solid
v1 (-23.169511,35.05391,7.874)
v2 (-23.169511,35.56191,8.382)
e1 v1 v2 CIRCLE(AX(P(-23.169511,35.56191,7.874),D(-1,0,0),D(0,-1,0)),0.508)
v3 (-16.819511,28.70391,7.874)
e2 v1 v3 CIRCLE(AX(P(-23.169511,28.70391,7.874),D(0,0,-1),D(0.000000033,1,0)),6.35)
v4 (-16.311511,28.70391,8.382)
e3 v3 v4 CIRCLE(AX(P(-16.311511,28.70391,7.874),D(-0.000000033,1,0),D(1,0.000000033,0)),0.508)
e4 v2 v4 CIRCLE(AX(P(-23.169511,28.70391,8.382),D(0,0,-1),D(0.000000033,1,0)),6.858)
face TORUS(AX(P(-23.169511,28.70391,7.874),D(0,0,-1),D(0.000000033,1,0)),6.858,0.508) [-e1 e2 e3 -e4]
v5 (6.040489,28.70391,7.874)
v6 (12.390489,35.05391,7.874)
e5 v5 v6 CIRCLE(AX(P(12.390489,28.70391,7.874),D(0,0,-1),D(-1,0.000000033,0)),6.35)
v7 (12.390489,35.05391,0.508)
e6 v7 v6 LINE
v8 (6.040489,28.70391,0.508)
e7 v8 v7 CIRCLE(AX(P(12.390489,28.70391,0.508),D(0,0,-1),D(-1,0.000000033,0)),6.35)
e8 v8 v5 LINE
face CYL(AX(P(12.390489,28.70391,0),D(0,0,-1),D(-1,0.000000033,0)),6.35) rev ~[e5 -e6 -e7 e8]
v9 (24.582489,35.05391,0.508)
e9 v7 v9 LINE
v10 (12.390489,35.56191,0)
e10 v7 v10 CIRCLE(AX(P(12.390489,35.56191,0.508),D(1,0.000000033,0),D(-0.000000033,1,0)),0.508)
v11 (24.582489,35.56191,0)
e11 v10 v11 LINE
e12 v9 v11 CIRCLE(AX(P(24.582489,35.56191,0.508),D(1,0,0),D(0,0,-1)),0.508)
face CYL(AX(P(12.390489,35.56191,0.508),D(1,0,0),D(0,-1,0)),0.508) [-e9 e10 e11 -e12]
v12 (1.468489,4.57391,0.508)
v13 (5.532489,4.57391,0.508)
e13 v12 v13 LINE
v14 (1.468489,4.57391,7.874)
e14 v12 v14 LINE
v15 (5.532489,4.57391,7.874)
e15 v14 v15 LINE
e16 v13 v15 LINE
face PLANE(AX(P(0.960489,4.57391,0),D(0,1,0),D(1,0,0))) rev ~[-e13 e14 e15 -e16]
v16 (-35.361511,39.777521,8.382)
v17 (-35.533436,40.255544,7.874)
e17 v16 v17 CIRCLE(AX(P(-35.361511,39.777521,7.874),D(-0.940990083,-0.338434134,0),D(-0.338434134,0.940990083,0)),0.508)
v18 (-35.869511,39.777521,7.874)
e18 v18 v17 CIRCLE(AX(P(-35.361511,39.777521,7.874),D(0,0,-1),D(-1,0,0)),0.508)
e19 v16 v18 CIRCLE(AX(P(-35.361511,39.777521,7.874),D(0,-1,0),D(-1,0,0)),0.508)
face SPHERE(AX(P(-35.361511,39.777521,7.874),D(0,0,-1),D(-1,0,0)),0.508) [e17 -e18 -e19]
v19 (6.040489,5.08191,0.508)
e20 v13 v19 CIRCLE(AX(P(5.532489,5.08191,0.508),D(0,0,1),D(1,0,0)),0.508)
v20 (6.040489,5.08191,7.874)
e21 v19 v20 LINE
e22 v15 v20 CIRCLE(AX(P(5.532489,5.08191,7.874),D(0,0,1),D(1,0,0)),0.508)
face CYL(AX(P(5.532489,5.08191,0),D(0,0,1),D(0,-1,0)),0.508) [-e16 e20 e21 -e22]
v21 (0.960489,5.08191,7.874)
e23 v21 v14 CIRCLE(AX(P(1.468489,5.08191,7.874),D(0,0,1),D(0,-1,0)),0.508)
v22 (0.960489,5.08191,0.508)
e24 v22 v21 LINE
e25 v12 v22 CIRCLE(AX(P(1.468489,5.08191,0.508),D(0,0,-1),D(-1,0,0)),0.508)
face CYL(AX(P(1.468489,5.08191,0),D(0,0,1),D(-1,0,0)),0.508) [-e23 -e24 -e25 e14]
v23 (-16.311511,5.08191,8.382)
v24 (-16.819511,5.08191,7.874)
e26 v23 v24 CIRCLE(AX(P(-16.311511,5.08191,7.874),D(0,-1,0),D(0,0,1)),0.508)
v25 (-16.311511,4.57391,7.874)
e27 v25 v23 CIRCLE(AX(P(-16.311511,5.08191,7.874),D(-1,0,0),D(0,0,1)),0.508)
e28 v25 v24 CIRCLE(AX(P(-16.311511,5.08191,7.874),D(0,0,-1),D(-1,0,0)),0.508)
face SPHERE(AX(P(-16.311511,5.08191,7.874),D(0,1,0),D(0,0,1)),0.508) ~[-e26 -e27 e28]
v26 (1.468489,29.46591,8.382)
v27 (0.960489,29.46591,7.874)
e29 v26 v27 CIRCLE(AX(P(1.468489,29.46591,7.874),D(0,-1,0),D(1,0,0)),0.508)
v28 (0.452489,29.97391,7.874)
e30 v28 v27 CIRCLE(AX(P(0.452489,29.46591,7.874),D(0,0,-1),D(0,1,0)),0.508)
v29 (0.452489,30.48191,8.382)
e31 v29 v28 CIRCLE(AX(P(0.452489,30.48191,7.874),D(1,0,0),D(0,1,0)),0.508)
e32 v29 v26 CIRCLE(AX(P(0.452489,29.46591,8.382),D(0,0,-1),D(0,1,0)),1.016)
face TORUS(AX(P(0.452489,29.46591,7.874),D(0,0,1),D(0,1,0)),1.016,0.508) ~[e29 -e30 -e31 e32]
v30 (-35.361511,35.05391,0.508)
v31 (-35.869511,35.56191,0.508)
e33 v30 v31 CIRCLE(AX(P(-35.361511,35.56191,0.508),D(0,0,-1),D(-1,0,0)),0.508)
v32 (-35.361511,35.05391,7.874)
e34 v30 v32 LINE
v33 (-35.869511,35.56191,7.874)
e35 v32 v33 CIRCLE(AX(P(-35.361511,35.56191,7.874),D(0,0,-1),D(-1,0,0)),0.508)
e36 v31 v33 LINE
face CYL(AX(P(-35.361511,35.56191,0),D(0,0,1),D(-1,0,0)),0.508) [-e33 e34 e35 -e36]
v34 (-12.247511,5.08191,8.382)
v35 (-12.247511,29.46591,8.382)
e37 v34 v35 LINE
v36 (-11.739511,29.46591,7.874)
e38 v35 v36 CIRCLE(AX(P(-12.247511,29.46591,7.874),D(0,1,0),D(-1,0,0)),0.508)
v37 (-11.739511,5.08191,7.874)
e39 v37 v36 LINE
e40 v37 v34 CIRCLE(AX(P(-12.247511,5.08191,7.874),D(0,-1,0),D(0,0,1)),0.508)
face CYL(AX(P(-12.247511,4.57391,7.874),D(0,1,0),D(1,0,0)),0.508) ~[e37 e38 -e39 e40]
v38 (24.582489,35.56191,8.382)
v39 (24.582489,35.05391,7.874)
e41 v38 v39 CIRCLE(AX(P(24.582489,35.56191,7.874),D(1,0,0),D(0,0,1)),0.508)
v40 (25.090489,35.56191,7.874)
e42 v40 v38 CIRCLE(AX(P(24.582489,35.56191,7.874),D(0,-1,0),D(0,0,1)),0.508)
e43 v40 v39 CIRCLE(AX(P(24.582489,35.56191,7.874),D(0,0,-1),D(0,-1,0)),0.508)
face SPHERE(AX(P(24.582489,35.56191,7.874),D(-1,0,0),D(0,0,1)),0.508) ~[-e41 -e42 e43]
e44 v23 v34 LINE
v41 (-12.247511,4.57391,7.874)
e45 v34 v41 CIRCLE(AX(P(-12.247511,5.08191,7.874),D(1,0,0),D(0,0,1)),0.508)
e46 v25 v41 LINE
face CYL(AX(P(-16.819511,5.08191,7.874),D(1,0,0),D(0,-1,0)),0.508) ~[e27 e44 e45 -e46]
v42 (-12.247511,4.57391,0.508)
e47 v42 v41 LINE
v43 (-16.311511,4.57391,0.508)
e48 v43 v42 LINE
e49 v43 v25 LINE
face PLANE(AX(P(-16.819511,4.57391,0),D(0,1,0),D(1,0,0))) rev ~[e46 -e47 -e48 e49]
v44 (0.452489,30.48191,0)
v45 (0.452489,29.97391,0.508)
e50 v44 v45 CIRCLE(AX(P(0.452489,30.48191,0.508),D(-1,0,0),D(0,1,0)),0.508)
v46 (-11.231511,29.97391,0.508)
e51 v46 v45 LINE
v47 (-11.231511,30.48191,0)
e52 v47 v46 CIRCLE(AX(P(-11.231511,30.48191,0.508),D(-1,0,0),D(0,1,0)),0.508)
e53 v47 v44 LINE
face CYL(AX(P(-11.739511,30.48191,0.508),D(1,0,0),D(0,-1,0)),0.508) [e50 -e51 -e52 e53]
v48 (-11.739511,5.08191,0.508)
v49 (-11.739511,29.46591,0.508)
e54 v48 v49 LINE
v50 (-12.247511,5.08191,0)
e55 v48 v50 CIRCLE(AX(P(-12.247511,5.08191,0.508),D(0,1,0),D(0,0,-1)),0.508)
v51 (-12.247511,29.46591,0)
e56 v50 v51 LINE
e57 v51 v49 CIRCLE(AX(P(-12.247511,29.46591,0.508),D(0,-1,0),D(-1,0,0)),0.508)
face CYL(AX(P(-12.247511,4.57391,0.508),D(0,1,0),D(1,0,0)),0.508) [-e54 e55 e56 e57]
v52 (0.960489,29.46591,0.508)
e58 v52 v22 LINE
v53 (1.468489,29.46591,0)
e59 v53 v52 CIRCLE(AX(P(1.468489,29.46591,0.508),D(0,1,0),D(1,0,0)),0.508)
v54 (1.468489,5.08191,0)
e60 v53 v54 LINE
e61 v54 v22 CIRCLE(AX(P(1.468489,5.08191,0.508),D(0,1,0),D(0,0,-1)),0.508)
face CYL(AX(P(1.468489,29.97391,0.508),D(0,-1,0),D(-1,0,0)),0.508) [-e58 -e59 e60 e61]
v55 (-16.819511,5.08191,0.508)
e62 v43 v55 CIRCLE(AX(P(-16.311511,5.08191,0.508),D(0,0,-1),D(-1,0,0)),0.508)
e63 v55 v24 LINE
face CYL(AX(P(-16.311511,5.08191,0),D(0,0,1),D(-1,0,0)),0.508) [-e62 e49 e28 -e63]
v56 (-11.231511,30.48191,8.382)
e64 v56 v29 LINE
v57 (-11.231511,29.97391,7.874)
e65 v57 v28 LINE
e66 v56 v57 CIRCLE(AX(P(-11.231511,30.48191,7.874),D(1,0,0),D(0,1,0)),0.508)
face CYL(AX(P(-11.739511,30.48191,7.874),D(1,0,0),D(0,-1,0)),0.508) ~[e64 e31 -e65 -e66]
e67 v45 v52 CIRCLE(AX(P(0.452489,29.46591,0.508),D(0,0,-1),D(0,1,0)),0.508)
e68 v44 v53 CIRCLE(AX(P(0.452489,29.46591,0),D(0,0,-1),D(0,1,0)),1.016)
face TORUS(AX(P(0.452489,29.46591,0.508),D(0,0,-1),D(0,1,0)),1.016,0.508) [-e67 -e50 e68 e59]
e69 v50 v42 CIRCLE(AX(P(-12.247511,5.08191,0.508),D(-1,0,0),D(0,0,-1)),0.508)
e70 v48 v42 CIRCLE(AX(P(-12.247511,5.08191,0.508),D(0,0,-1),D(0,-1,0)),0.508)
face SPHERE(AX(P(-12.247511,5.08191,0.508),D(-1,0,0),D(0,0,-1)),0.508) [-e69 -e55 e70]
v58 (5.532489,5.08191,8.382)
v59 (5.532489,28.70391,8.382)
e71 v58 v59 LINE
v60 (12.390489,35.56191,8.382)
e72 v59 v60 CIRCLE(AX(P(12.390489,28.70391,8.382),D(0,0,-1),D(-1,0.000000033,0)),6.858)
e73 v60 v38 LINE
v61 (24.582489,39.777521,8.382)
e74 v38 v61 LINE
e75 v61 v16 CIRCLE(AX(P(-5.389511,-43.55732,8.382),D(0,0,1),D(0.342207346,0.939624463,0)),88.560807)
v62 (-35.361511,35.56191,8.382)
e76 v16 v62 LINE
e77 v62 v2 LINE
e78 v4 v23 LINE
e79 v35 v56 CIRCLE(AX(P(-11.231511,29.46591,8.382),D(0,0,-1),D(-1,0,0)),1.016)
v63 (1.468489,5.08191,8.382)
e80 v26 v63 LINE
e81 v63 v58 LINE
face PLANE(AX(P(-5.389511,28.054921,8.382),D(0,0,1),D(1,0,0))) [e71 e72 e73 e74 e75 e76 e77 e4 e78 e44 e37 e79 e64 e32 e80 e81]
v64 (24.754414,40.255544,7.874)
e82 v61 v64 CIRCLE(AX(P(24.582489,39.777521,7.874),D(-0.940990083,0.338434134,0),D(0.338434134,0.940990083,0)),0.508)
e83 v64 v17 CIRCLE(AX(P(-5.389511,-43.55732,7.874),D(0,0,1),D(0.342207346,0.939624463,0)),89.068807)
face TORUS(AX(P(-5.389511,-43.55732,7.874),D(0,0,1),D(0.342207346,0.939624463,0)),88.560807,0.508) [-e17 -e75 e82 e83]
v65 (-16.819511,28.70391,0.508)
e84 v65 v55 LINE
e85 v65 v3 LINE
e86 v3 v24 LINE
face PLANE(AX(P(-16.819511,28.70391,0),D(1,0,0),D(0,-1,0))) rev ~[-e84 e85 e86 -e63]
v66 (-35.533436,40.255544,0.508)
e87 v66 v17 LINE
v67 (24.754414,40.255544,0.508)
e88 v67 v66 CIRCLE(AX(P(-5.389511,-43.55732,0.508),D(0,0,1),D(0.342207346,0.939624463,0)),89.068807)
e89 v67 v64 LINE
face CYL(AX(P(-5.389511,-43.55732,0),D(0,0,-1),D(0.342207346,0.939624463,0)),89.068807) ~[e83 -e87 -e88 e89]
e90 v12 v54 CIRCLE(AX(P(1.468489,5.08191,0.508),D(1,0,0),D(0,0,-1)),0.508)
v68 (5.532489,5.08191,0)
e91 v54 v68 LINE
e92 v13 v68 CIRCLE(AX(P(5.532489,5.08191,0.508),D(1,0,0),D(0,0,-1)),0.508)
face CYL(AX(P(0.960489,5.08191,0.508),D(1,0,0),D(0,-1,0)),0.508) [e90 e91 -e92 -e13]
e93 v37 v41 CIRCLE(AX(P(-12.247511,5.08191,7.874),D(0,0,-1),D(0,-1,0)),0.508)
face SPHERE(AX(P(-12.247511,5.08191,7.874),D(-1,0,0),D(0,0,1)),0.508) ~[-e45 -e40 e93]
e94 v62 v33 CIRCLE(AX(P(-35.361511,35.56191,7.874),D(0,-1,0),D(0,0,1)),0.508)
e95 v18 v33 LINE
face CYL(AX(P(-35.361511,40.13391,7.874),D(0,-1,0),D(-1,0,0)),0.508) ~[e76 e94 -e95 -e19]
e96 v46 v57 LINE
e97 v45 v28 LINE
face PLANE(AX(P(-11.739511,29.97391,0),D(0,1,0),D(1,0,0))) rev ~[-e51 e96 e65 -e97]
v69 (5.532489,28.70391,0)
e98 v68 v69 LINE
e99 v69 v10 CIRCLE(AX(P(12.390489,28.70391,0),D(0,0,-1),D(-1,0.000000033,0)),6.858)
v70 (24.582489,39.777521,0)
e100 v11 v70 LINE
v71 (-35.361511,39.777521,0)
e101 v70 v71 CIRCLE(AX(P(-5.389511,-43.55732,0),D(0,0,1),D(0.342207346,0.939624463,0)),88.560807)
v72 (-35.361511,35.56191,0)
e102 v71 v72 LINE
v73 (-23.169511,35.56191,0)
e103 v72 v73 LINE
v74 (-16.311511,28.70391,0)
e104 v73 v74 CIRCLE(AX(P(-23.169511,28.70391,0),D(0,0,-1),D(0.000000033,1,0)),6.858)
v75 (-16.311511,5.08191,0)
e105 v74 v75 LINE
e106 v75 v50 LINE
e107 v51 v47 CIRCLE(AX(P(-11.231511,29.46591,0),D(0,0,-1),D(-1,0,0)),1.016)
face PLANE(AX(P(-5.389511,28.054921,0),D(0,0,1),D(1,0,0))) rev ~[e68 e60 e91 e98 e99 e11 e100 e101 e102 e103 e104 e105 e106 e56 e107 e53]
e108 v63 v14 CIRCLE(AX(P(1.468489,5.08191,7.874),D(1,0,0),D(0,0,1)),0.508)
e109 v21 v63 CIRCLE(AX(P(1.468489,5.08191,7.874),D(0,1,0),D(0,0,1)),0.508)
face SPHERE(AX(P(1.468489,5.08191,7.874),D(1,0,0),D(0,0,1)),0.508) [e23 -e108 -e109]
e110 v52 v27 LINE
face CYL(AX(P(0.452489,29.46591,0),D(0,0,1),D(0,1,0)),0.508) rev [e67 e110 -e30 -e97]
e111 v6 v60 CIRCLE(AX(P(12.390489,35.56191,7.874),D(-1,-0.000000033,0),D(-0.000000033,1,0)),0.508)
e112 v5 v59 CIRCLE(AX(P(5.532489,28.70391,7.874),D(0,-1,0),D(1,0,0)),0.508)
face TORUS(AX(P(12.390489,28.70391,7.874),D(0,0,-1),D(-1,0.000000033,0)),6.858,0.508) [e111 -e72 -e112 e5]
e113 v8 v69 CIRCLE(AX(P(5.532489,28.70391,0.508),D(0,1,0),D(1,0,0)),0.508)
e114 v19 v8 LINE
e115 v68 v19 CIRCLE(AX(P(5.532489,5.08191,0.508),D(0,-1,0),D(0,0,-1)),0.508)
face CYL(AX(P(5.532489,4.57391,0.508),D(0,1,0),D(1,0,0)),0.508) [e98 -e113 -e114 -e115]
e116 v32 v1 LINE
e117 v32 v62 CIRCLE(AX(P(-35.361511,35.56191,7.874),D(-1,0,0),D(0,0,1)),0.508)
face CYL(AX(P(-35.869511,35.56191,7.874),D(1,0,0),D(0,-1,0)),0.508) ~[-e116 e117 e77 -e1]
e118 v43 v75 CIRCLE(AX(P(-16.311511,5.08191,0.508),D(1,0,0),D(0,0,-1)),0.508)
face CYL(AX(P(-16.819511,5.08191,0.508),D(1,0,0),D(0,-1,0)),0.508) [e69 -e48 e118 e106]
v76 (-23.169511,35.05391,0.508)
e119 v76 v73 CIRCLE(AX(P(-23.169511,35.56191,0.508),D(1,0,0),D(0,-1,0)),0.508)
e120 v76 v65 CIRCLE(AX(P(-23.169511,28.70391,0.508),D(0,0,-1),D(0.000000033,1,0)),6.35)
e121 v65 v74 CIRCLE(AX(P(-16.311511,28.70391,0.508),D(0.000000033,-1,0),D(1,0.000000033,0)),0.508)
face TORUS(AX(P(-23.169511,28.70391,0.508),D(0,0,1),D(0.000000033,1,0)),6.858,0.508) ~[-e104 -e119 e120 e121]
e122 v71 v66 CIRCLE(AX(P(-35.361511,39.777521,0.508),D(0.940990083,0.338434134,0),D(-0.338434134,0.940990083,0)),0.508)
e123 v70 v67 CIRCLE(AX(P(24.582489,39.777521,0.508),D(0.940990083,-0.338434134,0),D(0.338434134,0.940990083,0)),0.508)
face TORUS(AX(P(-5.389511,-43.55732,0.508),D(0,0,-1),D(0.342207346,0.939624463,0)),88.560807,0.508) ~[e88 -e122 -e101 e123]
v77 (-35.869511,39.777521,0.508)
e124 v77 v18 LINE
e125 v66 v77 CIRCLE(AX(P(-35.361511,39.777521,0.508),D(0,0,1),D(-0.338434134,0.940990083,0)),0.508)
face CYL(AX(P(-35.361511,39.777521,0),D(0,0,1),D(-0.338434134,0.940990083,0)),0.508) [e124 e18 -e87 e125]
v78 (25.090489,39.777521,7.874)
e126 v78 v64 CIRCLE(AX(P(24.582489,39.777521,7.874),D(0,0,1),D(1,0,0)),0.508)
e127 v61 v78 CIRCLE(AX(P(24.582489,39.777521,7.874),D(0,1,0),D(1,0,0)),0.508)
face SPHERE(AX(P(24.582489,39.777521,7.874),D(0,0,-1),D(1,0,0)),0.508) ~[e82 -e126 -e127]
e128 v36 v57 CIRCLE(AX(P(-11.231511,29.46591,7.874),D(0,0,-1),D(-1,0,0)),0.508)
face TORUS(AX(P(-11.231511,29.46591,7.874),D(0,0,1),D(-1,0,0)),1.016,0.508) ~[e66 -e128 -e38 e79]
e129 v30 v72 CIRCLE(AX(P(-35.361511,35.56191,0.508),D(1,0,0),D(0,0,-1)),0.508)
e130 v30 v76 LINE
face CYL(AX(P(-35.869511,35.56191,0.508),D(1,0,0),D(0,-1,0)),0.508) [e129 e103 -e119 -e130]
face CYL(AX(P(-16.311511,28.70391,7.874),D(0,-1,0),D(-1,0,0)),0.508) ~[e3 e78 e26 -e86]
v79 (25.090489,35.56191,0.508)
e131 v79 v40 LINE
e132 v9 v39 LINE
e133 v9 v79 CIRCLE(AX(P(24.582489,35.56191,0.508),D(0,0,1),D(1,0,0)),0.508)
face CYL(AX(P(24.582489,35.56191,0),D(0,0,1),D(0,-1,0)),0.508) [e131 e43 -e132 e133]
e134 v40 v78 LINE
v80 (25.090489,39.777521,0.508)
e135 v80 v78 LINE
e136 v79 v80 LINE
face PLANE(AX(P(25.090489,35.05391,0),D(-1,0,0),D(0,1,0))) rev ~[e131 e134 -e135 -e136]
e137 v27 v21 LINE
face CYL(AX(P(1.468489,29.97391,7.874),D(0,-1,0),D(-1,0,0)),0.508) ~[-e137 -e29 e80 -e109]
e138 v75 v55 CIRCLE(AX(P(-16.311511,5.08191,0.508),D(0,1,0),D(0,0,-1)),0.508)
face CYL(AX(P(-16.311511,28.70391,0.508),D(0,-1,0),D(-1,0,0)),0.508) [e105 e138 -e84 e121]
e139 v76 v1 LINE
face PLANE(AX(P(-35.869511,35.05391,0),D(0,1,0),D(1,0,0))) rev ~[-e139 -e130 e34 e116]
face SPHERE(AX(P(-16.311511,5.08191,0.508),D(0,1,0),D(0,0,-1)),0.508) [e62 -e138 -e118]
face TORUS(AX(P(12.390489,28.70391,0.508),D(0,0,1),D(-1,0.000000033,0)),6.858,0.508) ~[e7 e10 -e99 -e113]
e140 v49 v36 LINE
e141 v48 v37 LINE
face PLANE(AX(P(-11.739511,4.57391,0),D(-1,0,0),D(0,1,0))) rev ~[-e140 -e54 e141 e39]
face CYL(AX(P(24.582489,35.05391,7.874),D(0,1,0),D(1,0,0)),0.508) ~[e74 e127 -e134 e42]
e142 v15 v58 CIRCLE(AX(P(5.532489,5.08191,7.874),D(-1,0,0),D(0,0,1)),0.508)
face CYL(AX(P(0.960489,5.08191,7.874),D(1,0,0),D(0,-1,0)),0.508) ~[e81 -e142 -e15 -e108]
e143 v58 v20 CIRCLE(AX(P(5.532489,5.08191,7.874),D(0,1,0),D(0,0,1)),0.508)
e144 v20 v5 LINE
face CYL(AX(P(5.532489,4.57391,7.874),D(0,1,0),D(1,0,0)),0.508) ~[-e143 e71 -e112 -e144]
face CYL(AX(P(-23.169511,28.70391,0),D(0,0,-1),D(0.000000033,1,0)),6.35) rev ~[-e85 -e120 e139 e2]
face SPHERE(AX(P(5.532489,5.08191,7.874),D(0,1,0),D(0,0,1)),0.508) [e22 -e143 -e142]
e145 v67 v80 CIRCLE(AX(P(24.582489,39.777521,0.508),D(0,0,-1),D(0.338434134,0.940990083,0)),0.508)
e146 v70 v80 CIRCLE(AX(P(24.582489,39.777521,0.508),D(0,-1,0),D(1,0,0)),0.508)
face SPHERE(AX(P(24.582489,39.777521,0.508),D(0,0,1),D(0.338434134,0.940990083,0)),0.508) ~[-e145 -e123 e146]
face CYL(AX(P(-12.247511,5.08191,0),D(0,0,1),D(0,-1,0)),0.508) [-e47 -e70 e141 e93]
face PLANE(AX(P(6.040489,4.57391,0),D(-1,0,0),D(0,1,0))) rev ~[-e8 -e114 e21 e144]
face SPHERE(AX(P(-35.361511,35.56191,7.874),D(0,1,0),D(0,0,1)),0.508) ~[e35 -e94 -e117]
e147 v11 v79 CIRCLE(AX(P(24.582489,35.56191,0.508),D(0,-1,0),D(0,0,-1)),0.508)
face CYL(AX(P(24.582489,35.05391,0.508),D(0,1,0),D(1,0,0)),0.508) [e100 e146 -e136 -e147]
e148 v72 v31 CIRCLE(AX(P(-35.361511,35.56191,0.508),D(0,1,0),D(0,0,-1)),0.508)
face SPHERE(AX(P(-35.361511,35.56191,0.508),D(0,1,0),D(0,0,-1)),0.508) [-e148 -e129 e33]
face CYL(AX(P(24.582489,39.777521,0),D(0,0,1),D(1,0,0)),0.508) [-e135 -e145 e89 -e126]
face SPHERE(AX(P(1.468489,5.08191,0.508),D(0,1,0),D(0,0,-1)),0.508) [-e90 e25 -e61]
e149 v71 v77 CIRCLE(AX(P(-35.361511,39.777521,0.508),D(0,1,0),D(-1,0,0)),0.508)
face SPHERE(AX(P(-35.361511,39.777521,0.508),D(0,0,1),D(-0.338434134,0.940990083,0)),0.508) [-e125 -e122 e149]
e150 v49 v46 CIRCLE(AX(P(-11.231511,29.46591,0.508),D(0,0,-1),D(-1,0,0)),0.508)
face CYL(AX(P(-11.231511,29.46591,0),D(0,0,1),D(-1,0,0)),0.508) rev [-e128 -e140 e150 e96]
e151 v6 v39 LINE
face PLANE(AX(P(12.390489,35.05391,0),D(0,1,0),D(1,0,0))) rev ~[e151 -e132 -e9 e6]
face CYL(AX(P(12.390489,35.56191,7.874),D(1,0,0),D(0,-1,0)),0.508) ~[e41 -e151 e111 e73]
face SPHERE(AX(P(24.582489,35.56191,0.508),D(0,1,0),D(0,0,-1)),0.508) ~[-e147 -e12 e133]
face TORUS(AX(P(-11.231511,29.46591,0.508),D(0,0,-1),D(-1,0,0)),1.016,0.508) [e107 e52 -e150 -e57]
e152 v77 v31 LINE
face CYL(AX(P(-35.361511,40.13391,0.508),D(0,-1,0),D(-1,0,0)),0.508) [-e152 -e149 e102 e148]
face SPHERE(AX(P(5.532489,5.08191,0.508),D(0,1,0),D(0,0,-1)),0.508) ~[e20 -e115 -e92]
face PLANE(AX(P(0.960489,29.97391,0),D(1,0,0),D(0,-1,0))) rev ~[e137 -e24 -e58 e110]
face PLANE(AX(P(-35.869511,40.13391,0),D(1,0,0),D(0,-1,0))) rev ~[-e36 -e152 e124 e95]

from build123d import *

# Parameters (mm, degrees)
F1_DEPTH = 8.382
F2_R     = 0.508


with BuildPart() as f1:
    # F0 (on Top) → F1 (new body)
    with BuildSketch(Plane.XY):
        with BuildLine():
            Line((-16.819511, 28.70391), (-16.819511, 4.57391))
            Line((-16.819511, 4.57391), (-11.739511, 4.57391))
            Line((-11.739511, 4.57391), (-11.739511, 29.97391))
            Line((-11.739511, 29.97391), (0.960489, 29.97391))
            Line((0.960489, 29.97391), (0.960489, 4.57391))
            Line((0.960489, 4.57391), (6.040489, 4.57391))
            Line((6.040489, 4.57391), (6.040489, 28.70391))
            ThreePointArc((6.040489, 28.70391), (7.900361, 33.194038), (12.390489, 35.05391))
            Line((12.390489, 35.05391), (25.090489, 35.05391))
            Line((25.090489, 35.05391), (25.090489, 40.13391))
            ThreePointArc((25.090489, 40.13391), (-5.389511, 45.511487), (-35.869511, 40.13391))
            Line((-35.869511, 40.13391), (-35.869511, 35.05391))
            Line((-35.869511, 35.05391), (-23.169511, 35.05391))
            ThreePointArc((-23.169511, 35.05391), (-18.679383, 33.194038), (-16.819511, 28.70391))
        make_face()
    extrude(amount=F1_DEPTH)

    # F2
    f2_edges = [f1.edges().sort_by_distance(p)[0] for p in [
        (6.040489, 16.63891, 8.382),
        (3.500489, 4.57391, 8.382),
        (-35.869511, 37.59391, 8.382),
        (-29.519511, 35.05391, 8.382),
        (-18.679383, 33.194038, 8.382),
        (-16.819511, 16.63891, 8.382),
        (-14.279511, 4.57391, 8.382),
        (-11.739511, 17.27391, 8.382),
        (-5.389511, 29.97391, 8.382),
        (0.960489, 17.27391, 8.382),
        (7.900361, 33.194038, 8.382),
        (18.740489, 35.05391, 8.382),
        (25.090489, 37.59391, 8.382),
        (-5.389511, 45.511487, 8.382),
        (-5.389511, 45.511487, 0),
        (25.090489, 37.59391, 0),
        (18.740489, 35.05391, 0),
        (-35.869511, 37.59391, 0),
        (-29.519511, 35.05391, 0),
        (-18.679383, 33.194038, 0),
        (-16.819511, 16.63891, 0),
        (-14.279511, 4.57391, 0),
        (-11.739511, 17.27391, 0),
        (-5.389511, 29.97391, 0),
        (0.960489, 17.27391, 0),
        (3.500489, 4.57391, 0),
        (6.040489, 16.63891, 0),
        (7.900361, 33.194038, 0),
        (25.090489, 40.13391, 4.191),
        (-35.869511, 40.13391, 4.191),
        (12.390489, 35.05391, 4.191),
        (25.090489, 35.05391, 4.191),
        (6.040489, 4.57391, 4.191),
        (6.040489, 28.70391, 4.191),
        (0.960489, 29.97391, 4.191),
        (0.960489, 4.57391, 4.191),
        (-11.739511, 4.57391, 4.191),
        (-11.739511, 29.97391, 4.191),
        (-16.819511, 4.57391, 4.191),
        (-16.819511, 28.70391, 4.191),
        (-35.869511, 35.05391, 4.191),
        (-23.169511, 35.05391, 4.191),
    ]]
    fillet(f2_edges, radius=F2_R)


solid = f1.part
